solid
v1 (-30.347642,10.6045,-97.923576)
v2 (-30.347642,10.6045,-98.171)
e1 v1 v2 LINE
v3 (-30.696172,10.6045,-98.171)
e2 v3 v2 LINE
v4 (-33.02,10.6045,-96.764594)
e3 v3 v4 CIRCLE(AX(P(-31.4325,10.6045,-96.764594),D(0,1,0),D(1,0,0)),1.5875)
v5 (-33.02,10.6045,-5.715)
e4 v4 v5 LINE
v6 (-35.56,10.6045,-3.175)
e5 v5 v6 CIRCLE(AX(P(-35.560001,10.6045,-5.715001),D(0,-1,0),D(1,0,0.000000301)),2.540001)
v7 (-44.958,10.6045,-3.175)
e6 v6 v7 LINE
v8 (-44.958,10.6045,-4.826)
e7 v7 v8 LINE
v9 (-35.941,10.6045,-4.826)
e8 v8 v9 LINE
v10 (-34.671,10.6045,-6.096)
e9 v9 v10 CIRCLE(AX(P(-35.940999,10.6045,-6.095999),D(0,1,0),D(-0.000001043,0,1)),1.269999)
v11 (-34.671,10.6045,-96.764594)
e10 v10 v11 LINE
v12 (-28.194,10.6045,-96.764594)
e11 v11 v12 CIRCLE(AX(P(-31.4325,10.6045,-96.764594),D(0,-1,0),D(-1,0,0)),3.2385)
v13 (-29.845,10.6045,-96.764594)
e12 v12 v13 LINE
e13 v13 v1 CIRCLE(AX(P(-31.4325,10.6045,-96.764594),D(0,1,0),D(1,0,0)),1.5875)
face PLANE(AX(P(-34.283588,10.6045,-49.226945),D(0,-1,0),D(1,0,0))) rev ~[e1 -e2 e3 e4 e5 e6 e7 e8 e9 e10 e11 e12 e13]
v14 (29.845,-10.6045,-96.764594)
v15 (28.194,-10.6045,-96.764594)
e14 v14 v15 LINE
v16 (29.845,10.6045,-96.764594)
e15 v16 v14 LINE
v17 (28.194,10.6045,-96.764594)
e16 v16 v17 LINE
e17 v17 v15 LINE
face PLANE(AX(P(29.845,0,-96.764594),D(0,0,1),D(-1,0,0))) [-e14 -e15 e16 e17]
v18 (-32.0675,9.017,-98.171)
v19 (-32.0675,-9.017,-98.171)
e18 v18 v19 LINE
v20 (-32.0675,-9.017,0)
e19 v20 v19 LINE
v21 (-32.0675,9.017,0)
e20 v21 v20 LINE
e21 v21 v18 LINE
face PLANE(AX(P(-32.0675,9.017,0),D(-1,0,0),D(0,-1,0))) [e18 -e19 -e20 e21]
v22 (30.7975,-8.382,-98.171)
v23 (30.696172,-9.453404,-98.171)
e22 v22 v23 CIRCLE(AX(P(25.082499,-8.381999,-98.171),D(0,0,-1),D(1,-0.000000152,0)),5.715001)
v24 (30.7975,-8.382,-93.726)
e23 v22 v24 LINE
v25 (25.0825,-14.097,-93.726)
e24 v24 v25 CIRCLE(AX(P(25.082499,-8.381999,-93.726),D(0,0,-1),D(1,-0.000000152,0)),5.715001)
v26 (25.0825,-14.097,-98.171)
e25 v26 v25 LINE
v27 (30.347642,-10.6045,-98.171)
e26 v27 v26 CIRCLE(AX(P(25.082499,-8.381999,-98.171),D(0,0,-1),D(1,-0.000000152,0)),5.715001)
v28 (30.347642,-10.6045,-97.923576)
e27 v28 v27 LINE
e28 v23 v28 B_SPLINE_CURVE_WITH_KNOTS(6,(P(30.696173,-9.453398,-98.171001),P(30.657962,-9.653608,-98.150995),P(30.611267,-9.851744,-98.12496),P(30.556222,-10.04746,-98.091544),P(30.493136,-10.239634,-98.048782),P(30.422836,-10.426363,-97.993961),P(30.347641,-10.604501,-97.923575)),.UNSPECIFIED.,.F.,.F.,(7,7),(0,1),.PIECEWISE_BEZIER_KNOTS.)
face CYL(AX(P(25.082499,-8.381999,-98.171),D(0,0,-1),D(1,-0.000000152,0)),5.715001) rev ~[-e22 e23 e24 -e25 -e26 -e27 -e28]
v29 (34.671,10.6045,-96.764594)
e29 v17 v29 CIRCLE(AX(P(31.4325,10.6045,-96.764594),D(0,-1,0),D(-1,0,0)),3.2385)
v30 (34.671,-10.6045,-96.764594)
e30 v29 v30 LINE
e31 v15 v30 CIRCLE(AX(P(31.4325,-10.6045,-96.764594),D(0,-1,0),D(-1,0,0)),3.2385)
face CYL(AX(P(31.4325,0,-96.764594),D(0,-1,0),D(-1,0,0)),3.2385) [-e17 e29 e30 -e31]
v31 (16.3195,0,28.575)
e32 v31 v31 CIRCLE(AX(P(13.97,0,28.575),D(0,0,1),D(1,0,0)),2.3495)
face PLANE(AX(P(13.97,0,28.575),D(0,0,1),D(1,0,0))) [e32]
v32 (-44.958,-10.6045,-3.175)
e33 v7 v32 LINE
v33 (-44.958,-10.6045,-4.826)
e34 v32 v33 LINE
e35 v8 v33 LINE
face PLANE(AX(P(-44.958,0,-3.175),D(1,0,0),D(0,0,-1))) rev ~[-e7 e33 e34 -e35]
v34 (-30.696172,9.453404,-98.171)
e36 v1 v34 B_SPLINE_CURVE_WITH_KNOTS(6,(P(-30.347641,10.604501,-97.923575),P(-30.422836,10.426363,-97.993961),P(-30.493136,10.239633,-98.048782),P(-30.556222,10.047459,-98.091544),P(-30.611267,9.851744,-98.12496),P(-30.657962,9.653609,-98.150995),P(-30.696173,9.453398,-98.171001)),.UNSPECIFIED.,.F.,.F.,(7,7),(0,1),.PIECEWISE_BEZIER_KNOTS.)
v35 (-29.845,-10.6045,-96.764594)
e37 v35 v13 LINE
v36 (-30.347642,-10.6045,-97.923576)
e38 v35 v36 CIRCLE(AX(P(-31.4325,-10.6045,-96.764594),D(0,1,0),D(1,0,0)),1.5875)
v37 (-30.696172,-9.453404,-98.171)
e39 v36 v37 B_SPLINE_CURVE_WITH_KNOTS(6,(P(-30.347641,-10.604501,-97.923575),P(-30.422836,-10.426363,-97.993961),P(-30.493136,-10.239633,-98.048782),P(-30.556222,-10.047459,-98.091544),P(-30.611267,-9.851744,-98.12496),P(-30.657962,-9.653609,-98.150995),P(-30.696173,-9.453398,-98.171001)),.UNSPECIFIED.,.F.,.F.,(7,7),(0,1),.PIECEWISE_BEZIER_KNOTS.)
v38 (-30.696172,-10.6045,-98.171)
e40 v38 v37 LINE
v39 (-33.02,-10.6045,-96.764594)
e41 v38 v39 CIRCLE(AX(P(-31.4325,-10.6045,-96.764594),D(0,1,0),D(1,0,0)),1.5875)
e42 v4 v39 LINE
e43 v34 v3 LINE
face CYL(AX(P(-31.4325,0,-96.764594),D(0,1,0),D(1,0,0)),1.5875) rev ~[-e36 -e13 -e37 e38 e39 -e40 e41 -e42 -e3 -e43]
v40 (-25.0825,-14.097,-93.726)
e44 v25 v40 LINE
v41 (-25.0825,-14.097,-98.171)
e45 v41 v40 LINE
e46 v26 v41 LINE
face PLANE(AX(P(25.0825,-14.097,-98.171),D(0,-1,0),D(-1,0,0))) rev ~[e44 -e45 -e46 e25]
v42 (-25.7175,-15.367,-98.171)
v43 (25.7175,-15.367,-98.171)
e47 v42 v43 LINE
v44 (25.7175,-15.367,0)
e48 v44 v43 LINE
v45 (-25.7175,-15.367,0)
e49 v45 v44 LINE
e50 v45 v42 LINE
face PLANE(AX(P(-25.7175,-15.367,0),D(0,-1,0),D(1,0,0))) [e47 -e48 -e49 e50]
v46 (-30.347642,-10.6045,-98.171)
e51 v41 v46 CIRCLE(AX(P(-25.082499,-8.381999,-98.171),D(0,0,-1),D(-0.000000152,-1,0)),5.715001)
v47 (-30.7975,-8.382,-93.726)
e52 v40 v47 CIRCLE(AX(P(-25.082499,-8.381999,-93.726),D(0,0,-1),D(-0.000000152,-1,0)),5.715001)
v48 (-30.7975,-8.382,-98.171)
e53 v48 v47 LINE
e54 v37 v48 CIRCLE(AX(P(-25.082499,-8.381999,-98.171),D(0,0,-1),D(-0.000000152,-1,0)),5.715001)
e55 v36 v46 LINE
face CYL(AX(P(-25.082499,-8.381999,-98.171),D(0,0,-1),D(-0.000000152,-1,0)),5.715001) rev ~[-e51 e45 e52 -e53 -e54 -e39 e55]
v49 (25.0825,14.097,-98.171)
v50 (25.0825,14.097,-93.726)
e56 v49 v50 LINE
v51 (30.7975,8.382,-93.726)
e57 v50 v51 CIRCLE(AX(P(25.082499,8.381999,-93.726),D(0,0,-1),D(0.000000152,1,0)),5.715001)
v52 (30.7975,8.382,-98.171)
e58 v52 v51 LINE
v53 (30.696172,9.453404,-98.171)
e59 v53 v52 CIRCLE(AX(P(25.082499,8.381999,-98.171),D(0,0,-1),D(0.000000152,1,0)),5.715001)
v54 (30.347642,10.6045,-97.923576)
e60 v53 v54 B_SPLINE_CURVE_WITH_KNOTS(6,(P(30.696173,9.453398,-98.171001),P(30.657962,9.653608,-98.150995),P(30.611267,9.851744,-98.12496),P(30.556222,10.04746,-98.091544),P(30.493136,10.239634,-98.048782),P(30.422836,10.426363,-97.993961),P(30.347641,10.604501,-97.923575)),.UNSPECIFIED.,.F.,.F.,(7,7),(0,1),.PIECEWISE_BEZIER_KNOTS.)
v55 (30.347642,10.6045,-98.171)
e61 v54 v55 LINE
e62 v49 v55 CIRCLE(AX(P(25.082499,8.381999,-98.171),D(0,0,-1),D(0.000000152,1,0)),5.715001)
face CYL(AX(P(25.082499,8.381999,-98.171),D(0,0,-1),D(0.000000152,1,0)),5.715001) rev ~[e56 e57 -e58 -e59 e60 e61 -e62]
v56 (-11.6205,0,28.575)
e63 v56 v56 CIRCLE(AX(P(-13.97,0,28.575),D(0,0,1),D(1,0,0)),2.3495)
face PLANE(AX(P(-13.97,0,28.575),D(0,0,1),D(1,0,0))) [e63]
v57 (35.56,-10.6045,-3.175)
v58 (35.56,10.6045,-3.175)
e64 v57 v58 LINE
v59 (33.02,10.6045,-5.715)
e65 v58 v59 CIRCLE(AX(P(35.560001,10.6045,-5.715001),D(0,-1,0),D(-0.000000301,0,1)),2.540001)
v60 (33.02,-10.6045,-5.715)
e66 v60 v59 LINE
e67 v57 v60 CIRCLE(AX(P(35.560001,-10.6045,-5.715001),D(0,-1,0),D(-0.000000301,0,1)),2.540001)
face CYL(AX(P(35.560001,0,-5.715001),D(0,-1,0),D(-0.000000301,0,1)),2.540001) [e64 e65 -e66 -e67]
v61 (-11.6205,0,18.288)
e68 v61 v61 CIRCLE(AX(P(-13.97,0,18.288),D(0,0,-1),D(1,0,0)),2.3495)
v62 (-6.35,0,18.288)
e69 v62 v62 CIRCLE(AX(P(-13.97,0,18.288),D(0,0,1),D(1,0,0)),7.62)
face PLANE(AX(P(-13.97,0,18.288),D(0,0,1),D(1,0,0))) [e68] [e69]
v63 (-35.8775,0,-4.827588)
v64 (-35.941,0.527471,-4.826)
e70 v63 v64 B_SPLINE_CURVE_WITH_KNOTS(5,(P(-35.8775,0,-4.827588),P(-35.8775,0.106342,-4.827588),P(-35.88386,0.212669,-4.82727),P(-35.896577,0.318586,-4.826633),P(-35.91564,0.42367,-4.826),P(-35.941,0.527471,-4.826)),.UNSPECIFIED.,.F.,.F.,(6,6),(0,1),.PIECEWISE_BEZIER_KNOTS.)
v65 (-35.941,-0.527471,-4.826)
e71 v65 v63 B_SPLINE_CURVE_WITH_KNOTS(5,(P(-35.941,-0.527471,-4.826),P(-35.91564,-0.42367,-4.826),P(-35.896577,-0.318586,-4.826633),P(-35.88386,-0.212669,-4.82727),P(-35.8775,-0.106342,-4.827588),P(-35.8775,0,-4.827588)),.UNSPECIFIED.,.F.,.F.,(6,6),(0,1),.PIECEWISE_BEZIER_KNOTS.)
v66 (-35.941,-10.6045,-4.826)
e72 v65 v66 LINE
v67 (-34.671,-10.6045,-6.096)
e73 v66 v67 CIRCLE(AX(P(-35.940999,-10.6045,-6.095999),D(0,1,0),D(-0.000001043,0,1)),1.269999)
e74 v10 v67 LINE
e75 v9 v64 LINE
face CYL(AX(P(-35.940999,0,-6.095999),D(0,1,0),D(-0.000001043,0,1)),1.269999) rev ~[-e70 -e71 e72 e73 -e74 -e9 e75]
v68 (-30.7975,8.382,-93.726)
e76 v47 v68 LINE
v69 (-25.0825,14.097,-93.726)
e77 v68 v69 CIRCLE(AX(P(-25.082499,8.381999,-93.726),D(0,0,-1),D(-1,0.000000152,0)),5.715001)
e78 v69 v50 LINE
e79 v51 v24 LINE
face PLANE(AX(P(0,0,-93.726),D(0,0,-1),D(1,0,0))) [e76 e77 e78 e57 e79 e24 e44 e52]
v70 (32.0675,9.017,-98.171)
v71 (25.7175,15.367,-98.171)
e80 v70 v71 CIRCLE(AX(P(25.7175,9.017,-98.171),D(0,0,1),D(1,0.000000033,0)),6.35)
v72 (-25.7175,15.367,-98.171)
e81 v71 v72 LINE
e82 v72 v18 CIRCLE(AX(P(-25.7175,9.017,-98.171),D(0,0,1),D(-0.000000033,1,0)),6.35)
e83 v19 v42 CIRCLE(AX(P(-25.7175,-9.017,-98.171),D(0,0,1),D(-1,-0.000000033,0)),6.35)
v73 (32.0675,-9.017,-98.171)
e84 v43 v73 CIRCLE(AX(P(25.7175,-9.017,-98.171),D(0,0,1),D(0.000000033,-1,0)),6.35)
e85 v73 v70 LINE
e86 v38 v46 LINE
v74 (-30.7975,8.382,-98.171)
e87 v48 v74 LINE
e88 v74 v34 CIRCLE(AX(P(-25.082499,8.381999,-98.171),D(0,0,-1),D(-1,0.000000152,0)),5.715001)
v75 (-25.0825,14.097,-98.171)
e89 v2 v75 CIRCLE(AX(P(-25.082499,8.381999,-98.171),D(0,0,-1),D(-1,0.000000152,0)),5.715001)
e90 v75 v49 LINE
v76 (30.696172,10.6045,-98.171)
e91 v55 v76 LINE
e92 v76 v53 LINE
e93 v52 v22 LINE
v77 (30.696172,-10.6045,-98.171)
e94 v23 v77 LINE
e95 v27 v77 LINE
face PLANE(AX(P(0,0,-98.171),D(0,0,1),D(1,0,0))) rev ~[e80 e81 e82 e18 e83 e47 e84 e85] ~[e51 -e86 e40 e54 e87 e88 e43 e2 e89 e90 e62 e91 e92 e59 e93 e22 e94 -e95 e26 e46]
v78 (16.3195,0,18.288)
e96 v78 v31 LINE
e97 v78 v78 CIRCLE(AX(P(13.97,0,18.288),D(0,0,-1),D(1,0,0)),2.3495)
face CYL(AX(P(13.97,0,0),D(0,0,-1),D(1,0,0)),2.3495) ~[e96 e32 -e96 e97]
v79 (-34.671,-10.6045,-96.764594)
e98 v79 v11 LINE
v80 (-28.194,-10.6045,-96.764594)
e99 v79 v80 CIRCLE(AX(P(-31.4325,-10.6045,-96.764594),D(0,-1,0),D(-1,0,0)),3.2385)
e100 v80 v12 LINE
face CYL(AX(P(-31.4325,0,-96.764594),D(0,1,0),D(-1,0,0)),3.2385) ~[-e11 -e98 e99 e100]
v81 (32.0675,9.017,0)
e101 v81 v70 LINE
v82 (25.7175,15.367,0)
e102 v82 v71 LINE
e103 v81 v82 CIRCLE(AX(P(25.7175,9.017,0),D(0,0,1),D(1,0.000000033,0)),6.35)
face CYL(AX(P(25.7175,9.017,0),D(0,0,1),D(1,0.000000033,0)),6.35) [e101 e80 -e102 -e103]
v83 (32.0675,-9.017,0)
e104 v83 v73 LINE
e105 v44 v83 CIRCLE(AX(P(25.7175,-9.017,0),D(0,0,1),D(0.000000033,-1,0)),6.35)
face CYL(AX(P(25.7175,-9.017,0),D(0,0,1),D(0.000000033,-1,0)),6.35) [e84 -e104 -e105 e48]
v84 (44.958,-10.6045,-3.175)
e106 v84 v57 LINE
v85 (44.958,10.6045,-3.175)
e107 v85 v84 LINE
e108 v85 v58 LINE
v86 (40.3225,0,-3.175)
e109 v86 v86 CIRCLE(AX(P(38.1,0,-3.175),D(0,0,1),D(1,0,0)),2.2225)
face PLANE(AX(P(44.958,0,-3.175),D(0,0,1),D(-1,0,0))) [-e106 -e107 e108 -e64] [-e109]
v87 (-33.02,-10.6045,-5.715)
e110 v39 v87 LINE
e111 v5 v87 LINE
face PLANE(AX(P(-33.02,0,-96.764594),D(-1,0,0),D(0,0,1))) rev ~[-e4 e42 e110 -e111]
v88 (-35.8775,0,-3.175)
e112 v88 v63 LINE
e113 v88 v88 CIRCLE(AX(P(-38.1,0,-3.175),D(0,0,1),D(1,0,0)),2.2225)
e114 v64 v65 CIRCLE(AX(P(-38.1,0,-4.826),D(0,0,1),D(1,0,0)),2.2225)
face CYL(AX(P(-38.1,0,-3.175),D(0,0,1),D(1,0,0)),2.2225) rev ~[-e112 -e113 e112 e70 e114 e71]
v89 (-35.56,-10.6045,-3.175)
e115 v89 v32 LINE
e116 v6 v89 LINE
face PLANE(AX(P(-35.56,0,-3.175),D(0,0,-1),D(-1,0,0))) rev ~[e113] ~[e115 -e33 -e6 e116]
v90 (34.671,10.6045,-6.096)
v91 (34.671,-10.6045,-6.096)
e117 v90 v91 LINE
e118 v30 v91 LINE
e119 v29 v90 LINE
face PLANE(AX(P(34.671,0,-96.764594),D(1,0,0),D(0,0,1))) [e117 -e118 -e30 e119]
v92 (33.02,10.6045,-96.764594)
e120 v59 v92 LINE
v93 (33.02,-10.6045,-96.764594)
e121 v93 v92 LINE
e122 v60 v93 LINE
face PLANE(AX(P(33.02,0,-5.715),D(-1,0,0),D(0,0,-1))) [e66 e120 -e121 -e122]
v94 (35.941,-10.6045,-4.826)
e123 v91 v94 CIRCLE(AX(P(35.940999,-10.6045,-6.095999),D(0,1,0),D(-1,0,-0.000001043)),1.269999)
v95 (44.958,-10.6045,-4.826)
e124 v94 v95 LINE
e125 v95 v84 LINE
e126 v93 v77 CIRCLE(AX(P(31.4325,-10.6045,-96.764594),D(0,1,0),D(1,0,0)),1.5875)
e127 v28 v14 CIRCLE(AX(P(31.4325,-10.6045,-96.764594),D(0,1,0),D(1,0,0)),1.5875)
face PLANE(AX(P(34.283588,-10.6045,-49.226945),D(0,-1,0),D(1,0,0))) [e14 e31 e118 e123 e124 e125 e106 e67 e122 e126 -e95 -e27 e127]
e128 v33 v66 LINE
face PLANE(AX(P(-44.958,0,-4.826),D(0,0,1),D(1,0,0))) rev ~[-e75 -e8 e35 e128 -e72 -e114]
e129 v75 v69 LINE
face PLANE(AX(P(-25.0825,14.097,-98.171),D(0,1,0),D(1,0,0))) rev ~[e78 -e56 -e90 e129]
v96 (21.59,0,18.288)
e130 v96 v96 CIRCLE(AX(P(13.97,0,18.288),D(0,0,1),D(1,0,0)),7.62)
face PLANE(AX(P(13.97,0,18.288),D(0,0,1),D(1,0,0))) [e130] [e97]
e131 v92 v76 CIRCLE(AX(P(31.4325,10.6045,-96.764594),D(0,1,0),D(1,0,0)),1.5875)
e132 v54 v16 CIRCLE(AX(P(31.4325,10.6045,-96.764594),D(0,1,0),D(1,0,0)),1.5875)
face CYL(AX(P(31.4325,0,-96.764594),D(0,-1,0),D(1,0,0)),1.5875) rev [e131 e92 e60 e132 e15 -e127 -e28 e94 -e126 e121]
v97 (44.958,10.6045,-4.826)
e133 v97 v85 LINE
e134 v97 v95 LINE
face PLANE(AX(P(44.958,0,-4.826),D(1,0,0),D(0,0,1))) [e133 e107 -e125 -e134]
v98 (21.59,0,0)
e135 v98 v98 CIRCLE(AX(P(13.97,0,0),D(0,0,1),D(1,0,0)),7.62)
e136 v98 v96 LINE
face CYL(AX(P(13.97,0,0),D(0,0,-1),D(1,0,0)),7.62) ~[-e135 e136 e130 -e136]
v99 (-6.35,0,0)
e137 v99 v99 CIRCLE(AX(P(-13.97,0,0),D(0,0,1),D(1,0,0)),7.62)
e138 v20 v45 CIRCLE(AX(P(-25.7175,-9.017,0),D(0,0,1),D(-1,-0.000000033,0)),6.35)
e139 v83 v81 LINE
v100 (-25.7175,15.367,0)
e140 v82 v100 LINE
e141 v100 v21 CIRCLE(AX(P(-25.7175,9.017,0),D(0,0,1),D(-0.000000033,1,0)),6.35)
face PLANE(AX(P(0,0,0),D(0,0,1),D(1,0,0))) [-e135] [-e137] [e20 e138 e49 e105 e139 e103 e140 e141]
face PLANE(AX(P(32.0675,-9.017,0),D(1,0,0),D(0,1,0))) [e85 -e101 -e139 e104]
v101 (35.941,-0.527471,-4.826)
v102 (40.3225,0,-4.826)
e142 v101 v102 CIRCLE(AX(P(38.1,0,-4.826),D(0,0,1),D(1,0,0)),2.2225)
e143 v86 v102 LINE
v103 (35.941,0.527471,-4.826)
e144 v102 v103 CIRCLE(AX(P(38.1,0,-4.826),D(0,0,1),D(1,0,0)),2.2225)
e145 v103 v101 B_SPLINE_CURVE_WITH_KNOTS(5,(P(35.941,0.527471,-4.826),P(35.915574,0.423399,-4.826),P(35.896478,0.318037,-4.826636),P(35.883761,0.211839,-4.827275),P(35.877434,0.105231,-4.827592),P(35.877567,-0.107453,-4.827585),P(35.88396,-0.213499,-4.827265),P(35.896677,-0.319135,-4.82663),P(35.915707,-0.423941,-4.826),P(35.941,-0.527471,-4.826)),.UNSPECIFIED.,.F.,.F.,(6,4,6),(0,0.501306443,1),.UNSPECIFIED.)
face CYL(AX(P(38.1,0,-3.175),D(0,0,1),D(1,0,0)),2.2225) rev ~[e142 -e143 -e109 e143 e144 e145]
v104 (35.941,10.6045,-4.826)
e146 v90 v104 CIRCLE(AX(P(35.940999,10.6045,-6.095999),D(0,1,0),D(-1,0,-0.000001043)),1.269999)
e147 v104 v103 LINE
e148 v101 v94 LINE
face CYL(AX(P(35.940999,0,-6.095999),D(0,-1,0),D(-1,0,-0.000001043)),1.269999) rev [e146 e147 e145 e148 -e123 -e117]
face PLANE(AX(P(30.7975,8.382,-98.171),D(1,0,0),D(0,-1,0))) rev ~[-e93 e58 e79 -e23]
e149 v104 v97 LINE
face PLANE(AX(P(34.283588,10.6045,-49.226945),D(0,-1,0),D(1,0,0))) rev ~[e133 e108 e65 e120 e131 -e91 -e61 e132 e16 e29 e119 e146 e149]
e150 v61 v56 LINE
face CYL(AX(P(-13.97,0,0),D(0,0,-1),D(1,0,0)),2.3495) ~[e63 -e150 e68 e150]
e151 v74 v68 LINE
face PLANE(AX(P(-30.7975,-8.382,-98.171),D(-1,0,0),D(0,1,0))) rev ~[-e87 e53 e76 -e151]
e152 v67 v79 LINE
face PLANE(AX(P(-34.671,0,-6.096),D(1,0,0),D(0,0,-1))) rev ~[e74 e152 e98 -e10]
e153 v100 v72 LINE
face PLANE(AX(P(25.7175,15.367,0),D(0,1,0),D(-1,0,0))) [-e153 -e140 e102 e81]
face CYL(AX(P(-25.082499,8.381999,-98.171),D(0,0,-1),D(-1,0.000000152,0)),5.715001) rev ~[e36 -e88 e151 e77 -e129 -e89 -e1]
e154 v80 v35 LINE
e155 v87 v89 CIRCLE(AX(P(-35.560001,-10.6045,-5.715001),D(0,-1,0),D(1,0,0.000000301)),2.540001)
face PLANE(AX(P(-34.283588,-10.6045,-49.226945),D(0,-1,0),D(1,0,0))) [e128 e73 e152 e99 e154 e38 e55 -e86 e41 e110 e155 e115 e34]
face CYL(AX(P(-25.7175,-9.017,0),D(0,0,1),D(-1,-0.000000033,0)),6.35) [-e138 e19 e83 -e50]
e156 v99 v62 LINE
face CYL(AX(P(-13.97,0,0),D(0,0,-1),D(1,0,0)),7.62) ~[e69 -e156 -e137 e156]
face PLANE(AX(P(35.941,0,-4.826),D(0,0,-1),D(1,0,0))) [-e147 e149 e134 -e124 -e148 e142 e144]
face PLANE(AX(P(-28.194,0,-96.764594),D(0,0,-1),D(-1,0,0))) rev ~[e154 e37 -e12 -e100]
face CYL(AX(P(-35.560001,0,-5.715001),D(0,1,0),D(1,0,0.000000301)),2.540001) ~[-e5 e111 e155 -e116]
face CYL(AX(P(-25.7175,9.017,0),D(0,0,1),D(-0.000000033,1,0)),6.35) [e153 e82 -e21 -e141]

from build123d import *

# Parameters (mm, degrees)
F0_R     = 7.62
F0_R_2   = 2.3495
F1_DEPTH = 98.171
F2_DEPTH = 18.288
F3_DEPTH = 28.575
F5_DEPTH = 4.445
F7_DEPTH = 10.6045
F8_R     = 2.2225
F9_DEPTH = 2.54


with BuildPart() as f1:
    # F0 (on Top) → F1 (new body)
    with BuildSketch(Plane.XY):
        with BuildLine():
            ThreePointArc((32.0675, 9.017), (30.207628, 13.507128), (25.7175, 15.367))
            Line((25.7175, 15.367), (-25.7175, 15.367))
            ThreePointArc((-25.7175, 15.367), (-30.207628, 13.507128), (-32.0675, 9.017))
            Line((-32.0675, 9.017), (-32.0675, -9.017))
            ThreePointArc((-32.0675, -9.017), (-30.207628, -13.507128), (-25.7175, -15.367))
            Line((-25.7175, -15.367), (25.7175, -15.367))
            ThreePointArc((25.7175, -15.367), (30.207628, -13.507128), (32.0675, -9.017))
            Line((32.0675, -9.017), (32.0675, 9.017))
        make_face()
        with Locations((-13.97, 0)):
            Circle(F0_R, mode=Mode.SUBTRACT)
        with Locations((13.97, 0)):
            Circle(F0_R, mode=Mode.SUBTRACT)
        with Locations((-13.97, 0)):
            Circle(F0_R)
        with Locations((-13.97, 0)):
            Circle(F0_R_2, mode=Mode.SUBTRACT)
        with Locations((-13.97, 0)):
            Circle(F0_R_2)
        with Locations((13.97, 0)):
            Circle(F0_R)
        with Locations((13.97, 0)):
            Circle(F0_R_2, mode=Mode.SUBTRACT)
        with Locations((13.97, 0)):
            Circle(F0_R_2)
    extrude(amount=-F1_DEPTH)

    # F0 (on Top) → F2 (join)
    with BuildSketch(Plane.XY):
        with Locations((-13.97, 0)):
            Circle(F0_R)
        with Locations((-13.97, 0)):
            Circle(F0_R_2, mode=Mode.SUBTRACT)
        with Locations((-13.97, 0)):
            Circle(F0_R_2)
        with Locations((13.97, 0)):
            Circle(F0_R)
        with Locations((13.97, 0)):
            Circle(F0_R_2, mode=Mode.SUBTRACT)
        with Locations((13.97, 0)):
            Circle(F0_R_2)
    extrude(amount=F2_DEPTH)

    # F0 (on Top) → F3 (join)
    with BuildSketch(Plane.XY):
        with Locations((-13.97, 0)):
            Circle(F0_R_2)
        with Locations((13.97, 0)):
            Circle(F0_R_2)
    extrude(amount=F3_DEPTH)

    # F4 (on face) → F5 (cut)
    with BuildSketch(Plane(origin=(0, 0, -98.171), x_dir=(1, 0, 0), z_dir=(0, 0, -1))):
        with BuildLine():
            Line((25.0825, 14.097), (-25.0825, 14.097))
            ThreePointArc((-25.0825, 14.097), (-29.123615, 12.423115), (-30.7975, 8.382))
            Line((-30.7975, 8.382), (-30.7975, -8.382))
            ThreePointArc((-30.7975, -8.382), (-29.123615, -12.423115), (-25.0825, -14.097))
            Line((-25.0825, -14.097), (25.0825, -14.097))
            ThreePointArc((25.0825, -14.097), (29.123615, -12.423115), (30.7975, -8.382))
            Line((30.7975, -8.382), (30.7975, 8.382))
            ThreePointArc((30.7975, 8.382), (29.123615, 12.423115), (25.0825, 14.097))
        make_face()
    extrude(amount=-F5_DEPTH, mode=Mode.SUBTRACT)

    # F6 (on Front) → F7 (join, symmetric)
    with BuildSketch(Plane.XZ):
        with BuildLine():
            ThreePointArc((-29.845, -96.764594), (-31.4325, -98.352094), (-33.02, -96.764594))
            Line((-33.02, -96.764594), (-33.02, -5.715))
            ThreePointArc((-33.02, -5.715), (-33.763949, -3.918949), (-35.56, -3.175))
            Line((-35.56, -3.175), (-44.958, -3.175))
            Line((-44.958, -3.175), (-44.958, -4.826))
            Line((-44.958, -4.826), (-35.941, -4.826))
            ThreePointArc((-35.941, -4.826), (-35.042974, -5.197974), (-34.671, -6.096))
            Line((-34.671, -6.096), (-34.671, -96.764594))
            ThreePointArc((-34.671, -96.764594), (-31.4325, -100.003094), (-28.194, -96.764594))
            Line((-28.194, -96.764594), (-29.845, -96.764594))
        make_face()
        with BuildLine():
            ThreePointArc((33.02, -96.764594), (31.4325, -98.352094), (29.845, -96.764594))
            Line((29.845, -96.764594), (28.194, -96.764594))
            ThreePointArc((28.194, -96.764594), (31.4325, -100.003094), (34.671, -96.764594))
            Line((34.671, -96.764594), (34.671, -6.096))
            ThreePointArc((34.671, -6.096), (35.042974, -5.197974), (35.941, -4.826))
            Line((35.941, -4.826), (44.958, -4.826))
            Line((44.958, -4.826), (44.958, -3.175))
            Line((44.958, -3.175), (35.56, -3.175))
            ThreePointArc((35.56, -3.175), (33.763949, -3.918949), (33.02, -5.715))
            Line((33.02, -5.715), (33.02, -96.764594))
        make_face()
    extrude(amount=F7_DEPTH, both=True)

    # F8 (on face) → F9 (cut)
    with BuildSketch(Plane.XY.offset(-3.175)):
        with Locations((38.1, 0)):
            Circle(F8_R)
        with Locations((-38.1, 0)):
            Circle(F8_R)
    extrude(amount=-F9_DEPTH, mode=Mode.SUBTRACT)


solid = f1.part
